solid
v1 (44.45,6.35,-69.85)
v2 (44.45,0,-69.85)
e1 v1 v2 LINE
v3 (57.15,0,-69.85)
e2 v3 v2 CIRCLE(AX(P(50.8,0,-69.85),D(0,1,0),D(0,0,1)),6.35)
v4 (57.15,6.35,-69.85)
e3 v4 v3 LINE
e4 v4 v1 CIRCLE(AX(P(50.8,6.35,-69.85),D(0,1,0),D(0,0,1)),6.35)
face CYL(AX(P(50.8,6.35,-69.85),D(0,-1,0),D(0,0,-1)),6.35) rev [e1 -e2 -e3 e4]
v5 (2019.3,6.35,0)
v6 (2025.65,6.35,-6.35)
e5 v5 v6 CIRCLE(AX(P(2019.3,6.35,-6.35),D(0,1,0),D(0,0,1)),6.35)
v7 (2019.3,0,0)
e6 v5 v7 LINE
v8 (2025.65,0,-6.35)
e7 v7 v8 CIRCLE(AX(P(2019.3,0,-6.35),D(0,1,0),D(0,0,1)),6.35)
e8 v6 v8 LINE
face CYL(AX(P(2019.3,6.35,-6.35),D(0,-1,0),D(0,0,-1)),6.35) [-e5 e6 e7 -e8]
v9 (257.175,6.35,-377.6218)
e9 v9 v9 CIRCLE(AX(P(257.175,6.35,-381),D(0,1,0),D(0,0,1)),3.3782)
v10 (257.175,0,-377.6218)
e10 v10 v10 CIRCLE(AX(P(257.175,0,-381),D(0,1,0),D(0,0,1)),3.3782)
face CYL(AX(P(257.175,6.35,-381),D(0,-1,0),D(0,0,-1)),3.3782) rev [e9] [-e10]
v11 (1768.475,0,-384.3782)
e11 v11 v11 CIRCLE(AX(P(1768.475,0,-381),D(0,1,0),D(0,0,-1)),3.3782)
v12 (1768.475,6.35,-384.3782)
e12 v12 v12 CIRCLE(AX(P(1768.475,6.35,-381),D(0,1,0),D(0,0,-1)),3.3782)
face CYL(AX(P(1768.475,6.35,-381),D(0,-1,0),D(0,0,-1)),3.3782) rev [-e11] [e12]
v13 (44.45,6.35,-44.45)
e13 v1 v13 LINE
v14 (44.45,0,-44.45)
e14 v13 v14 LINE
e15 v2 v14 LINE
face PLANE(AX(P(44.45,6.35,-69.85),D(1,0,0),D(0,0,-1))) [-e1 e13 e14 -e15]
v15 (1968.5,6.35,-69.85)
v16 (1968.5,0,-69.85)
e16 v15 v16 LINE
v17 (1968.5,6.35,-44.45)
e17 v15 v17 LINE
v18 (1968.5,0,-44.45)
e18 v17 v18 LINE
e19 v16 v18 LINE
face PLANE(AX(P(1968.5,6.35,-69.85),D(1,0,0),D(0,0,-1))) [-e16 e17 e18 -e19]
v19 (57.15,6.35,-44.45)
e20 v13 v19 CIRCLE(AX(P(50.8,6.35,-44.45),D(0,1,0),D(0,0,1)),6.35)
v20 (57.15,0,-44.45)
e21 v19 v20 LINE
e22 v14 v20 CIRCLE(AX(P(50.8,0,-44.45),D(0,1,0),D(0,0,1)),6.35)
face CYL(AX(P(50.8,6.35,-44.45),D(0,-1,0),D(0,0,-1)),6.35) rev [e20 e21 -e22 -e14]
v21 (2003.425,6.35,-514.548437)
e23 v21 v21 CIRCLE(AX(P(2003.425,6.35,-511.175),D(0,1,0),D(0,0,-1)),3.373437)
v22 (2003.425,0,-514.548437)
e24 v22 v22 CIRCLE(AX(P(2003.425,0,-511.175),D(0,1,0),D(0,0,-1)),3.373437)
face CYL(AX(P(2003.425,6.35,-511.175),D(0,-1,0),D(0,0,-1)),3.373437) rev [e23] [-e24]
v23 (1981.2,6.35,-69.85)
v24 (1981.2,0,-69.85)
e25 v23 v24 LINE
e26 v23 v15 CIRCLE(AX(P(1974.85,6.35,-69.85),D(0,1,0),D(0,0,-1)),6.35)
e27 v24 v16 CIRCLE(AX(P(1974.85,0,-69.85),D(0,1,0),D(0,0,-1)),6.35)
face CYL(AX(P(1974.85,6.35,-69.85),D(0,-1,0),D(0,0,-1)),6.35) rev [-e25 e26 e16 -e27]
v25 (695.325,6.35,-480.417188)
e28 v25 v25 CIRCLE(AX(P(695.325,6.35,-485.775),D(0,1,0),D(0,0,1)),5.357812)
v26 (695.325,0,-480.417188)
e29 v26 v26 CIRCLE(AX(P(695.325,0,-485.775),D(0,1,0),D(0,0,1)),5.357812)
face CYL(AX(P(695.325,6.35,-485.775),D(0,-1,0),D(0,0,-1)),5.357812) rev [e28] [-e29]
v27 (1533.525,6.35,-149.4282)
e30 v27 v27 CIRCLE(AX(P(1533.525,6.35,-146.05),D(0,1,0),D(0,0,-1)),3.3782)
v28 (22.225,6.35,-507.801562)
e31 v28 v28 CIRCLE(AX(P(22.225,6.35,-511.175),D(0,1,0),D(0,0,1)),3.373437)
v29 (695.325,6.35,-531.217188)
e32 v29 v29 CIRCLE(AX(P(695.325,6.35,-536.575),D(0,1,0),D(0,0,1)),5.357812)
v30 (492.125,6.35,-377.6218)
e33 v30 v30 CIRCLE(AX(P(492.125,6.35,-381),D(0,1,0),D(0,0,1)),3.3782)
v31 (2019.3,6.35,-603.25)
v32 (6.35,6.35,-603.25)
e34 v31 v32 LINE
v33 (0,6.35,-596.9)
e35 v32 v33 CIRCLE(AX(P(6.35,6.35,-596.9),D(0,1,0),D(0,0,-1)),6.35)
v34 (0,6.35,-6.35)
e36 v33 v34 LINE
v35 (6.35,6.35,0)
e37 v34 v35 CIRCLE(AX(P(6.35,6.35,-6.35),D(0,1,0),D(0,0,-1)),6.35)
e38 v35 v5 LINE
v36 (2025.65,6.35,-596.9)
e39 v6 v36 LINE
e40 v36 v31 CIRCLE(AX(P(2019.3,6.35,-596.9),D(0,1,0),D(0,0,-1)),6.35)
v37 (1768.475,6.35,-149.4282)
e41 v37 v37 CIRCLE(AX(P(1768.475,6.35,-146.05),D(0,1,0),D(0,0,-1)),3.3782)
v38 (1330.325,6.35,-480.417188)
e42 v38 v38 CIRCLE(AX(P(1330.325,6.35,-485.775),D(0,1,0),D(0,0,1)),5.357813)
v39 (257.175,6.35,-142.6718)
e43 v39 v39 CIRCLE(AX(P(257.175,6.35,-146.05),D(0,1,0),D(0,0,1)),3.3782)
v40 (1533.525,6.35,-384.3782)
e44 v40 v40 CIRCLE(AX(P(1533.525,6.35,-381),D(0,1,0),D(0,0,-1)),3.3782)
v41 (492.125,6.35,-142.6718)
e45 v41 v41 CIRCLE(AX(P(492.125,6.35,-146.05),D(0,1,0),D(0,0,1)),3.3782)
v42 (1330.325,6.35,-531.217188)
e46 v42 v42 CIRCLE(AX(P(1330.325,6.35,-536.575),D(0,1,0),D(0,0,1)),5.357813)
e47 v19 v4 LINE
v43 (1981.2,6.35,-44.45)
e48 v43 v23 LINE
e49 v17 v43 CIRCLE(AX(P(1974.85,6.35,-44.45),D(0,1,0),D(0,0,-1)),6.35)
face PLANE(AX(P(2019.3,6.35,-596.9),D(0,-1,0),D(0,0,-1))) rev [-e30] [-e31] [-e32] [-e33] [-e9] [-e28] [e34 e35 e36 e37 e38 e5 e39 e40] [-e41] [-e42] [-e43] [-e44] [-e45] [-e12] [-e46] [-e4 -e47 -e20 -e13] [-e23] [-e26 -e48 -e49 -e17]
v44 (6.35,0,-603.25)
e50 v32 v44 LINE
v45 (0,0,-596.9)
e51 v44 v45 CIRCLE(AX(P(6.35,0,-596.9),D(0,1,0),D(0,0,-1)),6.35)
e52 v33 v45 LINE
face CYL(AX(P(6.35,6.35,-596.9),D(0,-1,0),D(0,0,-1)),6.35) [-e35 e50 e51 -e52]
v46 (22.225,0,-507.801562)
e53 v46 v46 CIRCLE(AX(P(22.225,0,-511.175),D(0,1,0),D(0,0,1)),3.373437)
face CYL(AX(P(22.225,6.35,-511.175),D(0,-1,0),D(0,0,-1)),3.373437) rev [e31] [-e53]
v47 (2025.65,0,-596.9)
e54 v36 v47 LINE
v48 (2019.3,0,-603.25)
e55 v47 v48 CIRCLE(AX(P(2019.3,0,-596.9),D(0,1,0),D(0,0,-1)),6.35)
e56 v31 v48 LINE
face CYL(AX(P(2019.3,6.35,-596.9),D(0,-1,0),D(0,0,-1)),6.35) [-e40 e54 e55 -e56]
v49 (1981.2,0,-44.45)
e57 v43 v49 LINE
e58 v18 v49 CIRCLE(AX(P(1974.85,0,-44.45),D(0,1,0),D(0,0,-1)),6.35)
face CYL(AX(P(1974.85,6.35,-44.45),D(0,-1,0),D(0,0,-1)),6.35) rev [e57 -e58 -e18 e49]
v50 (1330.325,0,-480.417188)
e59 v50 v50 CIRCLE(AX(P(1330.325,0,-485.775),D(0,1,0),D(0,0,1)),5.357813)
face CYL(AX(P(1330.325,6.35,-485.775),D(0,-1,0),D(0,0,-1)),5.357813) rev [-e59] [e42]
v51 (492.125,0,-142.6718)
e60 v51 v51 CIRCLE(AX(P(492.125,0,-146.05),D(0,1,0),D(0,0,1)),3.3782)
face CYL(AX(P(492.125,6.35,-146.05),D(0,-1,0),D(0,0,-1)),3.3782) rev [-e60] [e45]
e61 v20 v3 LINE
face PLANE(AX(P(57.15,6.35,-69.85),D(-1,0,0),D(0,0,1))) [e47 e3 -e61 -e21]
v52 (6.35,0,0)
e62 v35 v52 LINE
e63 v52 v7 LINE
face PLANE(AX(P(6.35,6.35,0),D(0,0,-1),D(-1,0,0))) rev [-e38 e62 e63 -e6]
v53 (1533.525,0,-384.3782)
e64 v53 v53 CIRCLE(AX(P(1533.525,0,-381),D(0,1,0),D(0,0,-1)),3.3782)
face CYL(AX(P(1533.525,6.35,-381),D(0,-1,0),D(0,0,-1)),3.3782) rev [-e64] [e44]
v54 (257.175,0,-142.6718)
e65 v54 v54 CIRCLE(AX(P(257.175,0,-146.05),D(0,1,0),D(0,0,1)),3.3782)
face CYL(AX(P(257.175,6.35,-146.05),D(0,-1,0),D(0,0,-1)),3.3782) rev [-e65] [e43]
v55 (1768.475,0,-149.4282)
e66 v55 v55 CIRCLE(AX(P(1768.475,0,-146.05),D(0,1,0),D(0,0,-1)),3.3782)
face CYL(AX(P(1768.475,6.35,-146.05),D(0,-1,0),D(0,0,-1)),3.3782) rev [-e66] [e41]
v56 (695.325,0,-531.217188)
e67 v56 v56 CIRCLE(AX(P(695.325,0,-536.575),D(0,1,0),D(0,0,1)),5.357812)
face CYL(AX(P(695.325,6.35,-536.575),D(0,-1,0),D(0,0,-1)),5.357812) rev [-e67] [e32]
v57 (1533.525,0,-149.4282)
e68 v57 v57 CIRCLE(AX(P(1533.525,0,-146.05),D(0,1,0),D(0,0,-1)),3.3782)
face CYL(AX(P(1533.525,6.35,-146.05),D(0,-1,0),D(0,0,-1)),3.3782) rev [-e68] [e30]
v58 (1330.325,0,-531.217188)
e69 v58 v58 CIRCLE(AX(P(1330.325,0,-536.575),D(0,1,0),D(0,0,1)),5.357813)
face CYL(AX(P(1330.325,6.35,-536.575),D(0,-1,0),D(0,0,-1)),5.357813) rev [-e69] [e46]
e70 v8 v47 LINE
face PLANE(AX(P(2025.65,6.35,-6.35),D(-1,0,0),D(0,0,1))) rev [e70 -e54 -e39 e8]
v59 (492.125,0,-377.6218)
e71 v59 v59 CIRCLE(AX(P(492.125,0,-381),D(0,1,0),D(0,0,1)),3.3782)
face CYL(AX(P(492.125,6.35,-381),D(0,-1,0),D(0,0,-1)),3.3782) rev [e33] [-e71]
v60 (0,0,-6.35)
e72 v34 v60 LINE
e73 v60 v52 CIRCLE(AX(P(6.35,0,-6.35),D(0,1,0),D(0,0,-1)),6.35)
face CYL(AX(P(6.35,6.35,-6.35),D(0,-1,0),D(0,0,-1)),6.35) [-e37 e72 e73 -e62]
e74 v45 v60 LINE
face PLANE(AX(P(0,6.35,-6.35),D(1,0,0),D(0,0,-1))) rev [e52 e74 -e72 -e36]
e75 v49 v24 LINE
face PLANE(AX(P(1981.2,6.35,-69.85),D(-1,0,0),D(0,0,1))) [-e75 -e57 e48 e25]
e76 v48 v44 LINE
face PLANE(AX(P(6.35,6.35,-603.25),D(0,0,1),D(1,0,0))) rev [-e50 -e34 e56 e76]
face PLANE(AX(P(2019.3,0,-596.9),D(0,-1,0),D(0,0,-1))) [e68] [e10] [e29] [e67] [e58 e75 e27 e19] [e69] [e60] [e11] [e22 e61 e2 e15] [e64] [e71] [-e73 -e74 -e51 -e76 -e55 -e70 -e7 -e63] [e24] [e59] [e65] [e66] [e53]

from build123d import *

# Parameters (mm, degrees)
SKETCH1_R           = 5.3578125
SKETCH1_R_2         = 3.3782
SKETCH1_R_3         = 3.3734375
BOSS_EXTRUDE1_DEPTH = 6.35


with BuildPart() as part:
    # Sketch1 → Boss-Extrude1 (new body)
    with BuildSketch(Plane(origin=(0, 0, 0), x_dir=(1, 0, 0), z_dir=(0, 1, 0))):
        with BuildLine():
            Line((6.35, 0), (2019.3, 0))
            ThreePointArc((2019.3, 0), (2023.790128061, 1.859871939), (2025.65, 6.35))
            Line((2025.65, 6.35), (2025.65, 596.9))
            ThreePointArc((2025.65, 596.9), (2023.790128061, 601.390128061), (2019.3, 603.25))
            Line((2019.3, 603.25), (6.35, 603.25))
            ThreePointArc((6.35, 603.25), (1.859871939, 601.390128061), (0, 596.9))
            Line((0, 596.9), (0, 6.35))
            ThreePointArc((0, 6.35), (1.859871939, 1.859871939), (6.35, 0))
        make_face()
        with Locations(Location((695.325, 485.775, 0), (0, 0, 270))):
            Circle(SKETCH1_R, mode=Mode.SUBTRACT)
        with Locations(Location((1330.325, 485.775, 0), (0, 0, 270))):
            Circle(SKETCH1_R, mode=Mode.SUBTRACT)
        with Locations(Location((257.175, 381, 0), (0, 0, 270))):
            Circle(SKETCH1_R_2, mode=Mode.SUBTRACT)
        with Locations(Location((492.125, 381, 0), (0, 0, 270))):
            Circle(SKETCH1_R_2, mode=Mode.SUBTRACT)
        with Locations(Location((492.125, 146.05, 0), (0, 0, 270))):
            Circle(SKETCH1_R_2, mode=Mode.SUBTRACT)
        with Locations(Location((257.175, 146.05, 0), (0, 0, 270))):
            Circle(SKETCH1_R_2, mode=Mode.SUBTRACT)
        with Locations(Location((695.325, 536.575, 0), (0, 0, 270))):
            Circle(SKETCH1_R, mode=Mode.SUBTRACT)
        with Locations(Location((1768.475, 146.05, 0), (0, 0, 90))):
            Circle(SKETCH1_R_2, mode=Mode.SUBTRACT)
        with Locations(Location((1533.525, 146.05, 0), (0, 0, 90))):
            Circle(SKETCH1_R_2, mode=Mode.SUBTRACT)
        with Locations(Location((1533.525, 381, 0), (0, 0, 90))):
            Circle(SKETCH1_R_2, mode=Mode.SUBTRACT)
        with Locations(Location((1768.475, 381, 0), (0, 0, 90))):
            Circle(SKETCH1_R_2, mode=Mode.SUBTRACT)
        with Locations(Location((22.225, 511.175, 0), (0, 0, 270))):
            Circle(SKETCH1_R_3, mode=Mode.SUBTRACT)
        with Locations(Location((2003.425, 511.175, 0), (0, 0, 90))):
            Circle(SKETCH1_R_3, mode=Mode.SUBTRACT)
        with Locations(Location((1330.325, 536.575, 0), (0, 0, 270))):
            Circle(SKETCH1_R, mode=Mode.SUBTRACT)
        with BuildLine():
            Line((57.15, 69.85), (57.15, 44.45))
            ThreePointArc((57.15, 44.45), (50.8, 38.1), (44.45, 44.45))
            Line((44.45, 44.45), (44.45, 69.85))
            ThreePointArc((44.45, 69.85), (50.8, 76.2), (57.15, 69.85))
        make_face(mode=Mode.SUBTRACT)
        with BuildLine():
            Line((1968.5, 69.85), (1968.5, 44.45))
            ThreePointArc((1968.5, 44.45), (1974.85, 38.1), (1981.2, 44.45))
            Line((1981.2, 44.45), (1981.2, 69.85))
            ThreePointArc((1981.2, 69.85), (1974.85, 76.2), (1968.5, 69.85))
        make_face(mode=Mode.SUBTRACT)
    extrude(amount=BOSS_EXTRUDE1_DEPTH)


solid = part.part
